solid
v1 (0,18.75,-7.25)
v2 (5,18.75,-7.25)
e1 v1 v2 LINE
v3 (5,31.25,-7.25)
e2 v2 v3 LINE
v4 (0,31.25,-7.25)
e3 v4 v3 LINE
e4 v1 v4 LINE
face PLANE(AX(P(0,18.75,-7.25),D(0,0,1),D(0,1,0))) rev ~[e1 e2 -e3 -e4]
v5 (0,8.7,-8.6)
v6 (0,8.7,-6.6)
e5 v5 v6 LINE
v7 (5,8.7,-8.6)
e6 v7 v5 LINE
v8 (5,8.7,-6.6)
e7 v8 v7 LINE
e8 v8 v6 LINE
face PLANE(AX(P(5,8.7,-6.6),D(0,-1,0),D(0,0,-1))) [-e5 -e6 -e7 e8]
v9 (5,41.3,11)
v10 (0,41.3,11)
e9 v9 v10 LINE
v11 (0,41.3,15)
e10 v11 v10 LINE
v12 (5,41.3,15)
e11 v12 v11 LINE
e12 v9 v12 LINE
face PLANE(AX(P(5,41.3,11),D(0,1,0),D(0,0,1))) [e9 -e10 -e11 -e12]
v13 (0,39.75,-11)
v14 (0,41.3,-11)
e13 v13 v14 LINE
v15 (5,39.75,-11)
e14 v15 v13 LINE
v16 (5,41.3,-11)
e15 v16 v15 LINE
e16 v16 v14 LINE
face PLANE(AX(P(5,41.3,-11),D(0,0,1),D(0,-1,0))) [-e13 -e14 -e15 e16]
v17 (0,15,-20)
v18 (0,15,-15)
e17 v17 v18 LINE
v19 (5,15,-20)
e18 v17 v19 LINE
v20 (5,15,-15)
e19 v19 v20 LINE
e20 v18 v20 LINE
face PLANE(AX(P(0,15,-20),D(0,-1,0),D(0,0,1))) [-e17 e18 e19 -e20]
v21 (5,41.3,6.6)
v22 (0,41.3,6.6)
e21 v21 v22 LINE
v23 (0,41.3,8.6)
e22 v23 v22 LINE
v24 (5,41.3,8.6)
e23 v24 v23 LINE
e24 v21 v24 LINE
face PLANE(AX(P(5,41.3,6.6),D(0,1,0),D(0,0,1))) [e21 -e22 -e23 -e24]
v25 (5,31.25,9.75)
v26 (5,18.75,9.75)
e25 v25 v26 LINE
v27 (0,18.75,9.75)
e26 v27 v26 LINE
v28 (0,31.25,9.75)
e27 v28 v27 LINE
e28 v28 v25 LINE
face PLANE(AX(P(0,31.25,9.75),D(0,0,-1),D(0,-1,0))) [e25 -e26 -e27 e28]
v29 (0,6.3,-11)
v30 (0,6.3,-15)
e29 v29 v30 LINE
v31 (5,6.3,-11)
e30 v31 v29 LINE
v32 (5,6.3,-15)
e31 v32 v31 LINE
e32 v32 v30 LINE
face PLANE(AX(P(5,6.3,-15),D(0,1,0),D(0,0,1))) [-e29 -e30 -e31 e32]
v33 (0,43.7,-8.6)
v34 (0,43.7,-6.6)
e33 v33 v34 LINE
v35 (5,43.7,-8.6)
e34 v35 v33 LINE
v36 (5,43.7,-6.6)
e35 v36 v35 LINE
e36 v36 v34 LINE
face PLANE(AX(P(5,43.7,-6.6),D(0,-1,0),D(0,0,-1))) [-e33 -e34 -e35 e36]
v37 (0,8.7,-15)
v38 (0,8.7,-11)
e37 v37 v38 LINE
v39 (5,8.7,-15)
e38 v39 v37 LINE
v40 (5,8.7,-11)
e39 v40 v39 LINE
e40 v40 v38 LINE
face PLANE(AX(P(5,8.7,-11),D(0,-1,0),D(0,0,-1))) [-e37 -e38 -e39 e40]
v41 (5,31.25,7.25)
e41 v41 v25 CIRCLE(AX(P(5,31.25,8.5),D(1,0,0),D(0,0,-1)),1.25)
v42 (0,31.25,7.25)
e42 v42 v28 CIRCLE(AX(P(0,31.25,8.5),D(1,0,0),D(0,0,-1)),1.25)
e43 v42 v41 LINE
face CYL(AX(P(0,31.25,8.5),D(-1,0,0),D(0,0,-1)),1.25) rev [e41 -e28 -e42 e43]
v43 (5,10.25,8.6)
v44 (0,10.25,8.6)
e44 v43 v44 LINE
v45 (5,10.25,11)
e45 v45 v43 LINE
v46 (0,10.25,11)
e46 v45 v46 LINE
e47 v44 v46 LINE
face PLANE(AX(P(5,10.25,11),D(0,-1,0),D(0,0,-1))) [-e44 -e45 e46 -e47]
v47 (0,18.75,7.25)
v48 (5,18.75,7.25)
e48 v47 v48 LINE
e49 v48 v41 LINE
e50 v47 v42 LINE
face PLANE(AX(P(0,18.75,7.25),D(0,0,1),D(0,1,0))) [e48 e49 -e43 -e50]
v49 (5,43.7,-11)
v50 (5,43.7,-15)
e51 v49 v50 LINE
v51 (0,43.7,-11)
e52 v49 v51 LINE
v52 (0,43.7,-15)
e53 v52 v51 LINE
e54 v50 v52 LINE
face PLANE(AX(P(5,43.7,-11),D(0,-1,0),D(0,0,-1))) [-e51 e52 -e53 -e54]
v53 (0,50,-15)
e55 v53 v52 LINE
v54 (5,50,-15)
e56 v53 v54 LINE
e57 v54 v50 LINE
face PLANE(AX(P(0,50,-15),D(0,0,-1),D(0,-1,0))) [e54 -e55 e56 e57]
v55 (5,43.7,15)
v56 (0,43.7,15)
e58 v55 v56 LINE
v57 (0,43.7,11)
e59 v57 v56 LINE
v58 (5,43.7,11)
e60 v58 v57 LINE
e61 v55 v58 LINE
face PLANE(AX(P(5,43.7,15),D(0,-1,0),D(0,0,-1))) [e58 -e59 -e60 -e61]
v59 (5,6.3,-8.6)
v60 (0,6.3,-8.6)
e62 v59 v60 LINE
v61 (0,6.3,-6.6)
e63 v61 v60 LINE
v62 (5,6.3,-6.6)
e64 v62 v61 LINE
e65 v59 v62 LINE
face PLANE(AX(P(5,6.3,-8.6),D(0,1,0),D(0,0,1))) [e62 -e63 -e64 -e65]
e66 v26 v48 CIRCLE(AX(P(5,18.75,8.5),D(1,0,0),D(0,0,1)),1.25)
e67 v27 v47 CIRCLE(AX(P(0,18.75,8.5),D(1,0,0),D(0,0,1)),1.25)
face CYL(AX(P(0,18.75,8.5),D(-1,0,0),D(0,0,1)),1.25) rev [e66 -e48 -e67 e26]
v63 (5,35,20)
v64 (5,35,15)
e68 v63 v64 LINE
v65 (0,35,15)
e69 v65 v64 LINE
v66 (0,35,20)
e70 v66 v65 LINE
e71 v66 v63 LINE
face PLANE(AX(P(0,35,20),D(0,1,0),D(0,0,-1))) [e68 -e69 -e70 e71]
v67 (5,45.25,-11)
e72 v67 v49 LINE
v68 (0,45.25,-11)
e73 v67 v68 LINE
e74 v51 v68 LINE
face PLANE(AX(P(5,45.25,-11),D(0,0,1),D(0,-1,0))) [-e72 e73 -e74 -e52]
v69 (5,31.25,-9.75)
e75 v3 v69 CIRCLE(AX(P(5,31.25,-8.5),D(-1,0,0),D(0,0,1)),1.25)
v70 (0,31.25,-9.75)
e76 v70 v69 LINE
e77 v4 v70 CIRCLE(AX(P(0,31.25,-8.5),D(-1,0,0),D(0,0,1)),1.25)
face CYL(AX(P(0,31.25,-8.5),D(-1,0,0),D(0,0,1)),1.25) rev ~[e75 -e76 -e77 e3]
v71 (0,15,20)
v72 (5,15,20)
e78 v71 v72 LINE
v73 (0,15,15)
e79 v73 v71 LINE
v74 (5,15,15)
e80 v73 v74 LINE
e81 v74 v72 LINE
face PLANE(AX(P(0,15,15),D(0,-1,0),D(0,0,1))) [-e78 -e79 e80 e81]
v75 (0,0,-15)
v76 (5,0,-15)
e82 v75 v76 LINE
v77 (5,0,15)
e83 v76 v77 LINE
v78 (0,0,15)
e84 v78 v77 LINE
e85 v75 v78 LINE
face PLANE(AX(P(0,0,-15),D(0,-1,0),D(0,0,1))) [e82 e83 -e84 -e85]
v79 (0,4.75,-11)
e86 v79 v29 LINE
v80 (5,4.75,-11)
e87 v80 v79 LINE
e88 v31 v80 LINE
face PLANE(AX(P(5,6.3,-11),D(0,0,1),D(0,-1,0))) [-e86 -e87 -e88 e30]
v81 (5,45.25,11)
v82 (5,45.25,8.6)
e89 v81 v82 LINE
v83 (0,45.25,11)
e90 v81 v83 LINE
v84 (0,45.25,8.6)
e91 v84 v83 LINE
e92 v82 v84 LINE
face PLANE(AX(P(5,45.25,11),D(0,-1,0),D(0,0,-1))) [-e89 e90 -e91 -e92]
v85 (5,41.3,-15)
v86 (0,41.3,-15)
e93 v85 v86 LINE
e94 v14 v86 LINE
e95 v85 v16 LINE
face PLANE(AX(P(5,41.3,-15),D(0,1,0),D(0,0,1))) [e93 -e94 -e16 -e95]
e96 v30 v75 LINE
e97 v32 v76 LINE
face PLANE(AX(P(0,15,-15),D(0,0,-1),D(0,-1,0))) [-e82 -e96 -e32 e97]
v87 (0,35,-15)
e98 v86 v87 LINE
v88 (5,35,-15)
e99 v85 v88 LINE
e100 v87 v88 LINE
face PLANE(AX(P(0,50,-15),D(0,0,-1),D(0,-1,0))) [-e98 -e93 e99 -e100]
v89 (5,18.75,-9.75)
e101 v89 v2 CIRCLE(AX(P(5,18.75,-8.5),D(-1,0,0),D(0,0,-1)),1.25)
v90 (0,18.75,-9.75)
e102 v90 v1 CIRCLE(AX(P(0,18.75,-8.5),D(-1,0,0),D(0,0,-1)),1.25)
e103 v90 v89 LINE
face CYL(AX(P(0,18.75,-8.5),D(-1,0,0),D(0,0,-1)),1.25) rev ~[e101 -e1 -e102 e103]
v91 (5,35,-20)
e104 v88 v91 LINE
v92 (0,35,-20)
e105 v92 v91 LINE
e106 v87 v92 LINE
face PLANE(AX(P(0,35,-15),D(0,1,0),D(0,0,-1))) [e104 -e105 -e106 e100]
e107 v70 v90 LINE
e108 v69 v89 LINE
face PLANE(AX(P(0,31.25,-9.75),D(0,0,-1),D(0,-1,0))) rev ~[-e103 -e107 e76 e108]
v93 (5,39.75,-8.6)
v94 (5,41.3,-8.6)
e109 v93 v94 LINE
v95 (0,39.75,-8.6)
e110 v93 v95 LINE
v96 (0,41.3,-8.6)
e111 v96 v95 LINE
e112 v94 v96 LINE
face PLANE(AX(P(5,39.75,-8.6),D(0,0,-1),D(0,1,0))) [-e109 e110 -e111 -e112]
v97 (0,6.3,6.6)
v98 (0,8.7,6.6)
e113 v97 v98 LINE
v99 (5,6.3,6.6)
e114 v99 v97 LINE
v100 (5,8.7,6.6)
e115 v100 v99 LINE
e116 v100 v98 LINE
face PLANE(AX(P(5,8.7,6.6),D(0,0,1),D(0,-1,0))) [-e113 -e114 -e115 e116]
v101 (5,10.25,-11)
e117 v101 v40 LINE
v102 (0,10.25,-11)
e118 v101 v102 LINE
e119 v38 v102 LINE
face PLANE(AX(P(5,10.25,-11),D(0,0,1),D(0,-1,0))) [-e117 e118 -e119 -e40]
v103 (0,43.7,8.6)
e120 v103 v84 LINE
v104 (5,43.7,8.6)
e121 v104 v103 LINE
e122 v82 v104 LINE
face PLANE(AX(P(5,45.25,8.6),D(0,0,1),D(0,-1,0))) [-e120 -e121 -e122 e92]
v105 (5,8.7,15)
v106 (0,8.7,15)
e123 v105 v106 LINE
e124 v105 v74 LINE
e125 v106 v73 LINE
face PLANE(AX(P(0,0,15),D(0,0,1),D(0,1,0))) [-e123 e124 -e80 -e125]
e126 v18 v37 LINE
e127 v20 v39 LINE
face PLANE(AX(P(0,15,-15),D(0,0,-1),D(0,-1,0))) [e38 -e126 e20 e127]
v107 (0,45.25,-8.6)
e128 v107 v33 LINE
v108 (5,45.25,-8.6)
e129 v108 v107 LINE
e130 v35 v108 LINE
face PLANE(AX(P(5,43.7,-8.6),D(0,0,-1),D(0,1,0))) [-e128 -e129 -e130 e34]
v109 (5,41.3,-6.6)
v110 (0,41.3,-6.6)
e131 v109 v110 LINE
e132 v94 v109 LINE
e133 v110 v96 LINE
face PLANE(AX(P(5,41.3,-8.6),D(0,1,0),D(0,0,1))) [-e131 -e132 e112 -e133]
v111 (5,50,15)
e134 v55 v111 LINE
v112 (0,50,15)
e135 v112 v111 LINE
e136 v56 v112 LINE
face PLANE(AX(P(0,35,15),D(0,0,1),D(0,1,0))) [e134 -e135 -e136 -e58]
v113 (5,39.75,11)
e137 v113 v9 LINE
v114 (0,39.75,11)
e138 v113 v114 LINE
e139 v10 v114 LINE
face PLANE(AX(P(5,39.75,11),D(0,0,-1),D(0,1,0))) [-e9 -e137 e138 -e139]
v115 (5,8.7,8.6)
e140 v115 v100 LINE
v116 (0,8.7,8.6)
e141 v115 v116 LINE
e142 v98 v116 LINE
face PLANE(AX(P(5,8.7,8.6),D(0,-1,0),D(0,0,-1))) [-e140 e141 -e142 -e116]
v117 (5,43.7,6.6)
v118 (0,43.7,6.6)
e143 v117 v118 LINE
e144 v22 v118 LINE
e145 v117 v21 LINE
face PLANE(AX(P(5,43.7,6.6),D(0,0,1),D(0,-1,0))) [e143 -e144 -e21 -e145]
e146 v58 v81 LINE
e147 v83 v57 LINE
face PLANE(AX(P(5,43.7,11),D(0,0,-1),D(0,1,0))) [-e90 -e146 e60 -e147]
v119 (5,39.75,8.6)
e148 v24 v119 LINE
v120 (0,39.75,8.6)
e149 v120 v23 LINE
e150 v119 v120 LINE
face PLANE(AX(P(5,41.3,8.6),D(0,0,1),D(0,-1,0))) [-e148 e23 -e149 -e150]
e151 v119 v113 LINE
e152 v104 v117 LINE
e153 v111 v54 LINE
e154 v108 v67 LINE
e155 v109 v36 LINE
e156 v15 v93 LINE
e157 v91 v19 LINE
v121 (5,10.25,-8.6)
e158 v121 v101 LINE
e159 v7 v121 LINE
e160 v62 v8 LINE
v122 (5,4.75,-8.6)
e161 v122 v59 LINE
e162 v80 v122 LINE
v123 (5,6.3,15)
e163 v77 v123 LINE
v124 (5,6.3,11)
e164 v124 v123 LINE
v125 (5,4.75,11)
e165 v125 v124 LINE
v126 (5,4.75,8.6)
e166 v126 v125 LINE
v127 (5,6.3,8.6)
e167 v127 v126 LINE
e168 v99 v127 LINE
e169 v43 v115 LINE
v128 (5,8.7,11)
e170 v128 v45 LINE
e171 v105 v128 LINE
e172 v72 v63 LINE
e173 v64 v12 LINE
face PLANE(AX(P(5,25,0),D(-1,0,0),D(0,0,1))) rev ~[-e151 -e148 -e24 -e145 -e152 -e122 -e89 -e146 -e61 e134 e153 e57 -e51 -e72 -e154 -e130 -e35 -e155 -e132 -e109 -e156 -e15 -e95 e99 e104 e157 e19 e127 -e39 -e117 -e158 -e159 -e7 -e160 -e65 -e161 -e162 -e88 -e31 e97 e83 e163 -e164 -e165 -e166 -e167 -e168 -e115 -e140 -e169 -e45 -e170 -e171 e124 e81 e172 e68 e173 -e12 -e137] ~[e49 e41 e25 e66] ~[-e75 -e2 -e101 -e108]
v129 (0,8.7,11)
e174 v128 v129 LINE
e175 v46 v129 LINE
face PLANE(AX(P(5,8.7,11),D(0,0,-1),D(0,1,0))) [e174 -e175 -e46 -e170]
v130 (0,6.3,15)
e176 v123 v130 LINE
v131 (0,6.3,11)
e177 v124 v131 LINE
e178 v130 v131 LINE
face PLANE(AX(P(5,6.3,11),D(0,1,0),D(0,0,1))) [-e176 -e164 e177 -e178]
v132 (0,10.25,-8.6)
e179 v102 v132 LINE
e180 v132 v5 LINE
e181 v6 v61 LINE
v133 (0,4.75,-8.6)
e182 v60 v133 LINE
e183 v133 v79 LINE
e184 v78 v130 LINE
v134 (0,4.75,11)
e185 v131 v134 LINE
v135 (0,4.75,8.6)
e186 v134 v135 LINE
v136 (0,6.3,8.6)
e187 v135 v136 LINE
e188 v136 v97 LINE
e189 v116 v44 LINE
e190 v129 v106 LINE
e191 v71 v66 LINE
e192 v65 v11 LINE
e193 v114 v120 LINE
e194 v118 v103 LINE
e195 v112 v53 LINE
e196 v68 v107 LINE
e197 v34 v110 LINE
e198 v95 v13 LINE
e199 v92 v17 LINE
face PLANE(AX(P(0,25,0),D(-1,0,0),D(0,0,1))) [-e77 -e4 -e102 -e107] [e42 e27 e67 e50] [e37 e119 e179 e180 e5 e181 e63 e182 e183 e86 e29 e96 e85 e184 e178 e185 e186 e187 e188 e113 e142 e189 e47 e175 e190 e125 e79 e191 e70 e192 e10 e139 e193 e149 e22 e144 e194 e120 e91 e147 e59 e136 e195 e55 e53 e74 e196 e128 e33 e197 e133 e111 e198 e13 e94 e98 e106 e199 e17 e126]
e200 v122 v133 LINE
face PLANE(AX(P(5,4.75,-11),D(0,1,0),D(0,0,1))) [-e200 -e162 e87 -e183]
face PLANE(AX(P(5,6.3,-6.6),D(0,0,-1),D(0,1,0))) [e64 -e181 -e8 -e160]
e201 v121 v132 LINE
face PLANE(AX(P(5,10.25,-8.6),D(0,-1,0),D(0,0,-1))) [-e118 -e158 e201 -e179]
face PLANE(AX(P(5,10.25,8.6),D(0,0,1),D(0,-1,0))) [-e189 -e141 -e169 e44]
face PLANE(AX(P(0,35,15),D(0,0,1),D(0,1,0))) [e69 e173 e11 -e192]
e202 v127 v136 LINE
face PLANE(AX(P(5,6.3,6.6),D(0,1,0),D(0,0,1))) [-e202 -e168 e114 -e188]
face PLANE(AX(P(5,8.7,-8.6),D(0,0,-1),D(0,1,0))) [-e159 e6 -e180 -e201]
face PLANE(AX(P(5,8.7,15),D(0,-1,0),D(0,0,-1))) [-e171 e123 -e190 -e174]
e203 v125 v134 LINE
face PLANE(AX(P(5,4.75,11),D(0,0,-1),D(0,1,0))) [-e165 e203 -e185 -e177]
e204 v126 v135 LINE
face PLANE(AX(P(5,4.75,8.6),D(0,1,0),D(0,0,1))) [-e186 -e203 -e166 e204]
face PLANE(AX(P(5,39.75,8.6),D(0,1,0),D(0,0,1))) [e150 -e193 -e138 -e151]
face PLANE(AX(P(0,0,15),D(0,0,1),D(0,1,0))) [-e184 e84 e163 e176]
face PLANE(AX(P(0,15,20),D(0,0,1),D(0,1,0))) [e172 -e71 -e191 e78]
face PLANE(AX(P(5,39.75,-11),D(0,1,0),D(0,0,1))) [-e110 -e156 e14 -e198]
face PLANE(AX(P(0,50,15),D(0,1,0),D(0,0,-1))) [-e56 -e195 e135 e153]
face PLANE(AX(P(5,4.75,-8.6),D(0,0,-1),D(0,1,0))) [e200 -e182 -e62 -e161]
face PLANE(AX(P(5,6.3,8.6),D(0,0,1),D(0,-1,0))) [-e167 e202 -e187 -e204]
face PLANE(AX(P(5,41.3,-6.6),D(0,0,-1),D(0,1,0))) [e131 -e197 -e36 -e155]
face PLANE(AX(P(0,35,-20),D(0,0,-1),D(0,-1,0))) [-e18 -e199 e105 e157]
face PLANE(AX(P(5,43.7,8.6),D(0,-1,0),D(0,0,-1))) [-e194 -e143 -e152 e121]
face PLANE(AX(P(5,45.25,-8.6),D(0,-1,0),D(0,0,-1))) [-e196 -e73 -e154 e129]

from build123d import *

# Parameters (mm, degrees)
BOSS_EXTRUDE1_DEPTH = 5
CUT_EXTRUDE1_DEPTH  = 6


with BuildPart() as part:
    # Sketch1 → Boss-Extrude1 (new body)
    with BuildSketch(Plane(origin=(0, 0, 0), x_dir=(0, 0, -1), z_dir=(1, 0, 0))):
        Polygon((-15, 50), (15, 50), (15, 35), (20, 35), (20, 15), (15, 15), (15, 0), (-15, 0), (-15, 15), (-20, 15), (-20, 35), (-15, 35), align=None)
        with BuildLine():
            Line((9.75, 31.25), (9.75, 18.75))
            ThreePointArc((9.75, 18.75), (8.5, 17.5), (7.25, 18.75))
            Line((7.25, 18.75), (7.25, 31.25))
            ThreePointArc((7.25, 31.25), (8.5, 32.5), (9.75, 31.25))
        make_face(mode=Mode.SUBTRACT)
        with BuildLine():
            Line((-9.75, 31.25), (-9.75, 18.75))
            ThreePointArc((-9.75, 18.75), (-8.5, 17.5), (-7.25, 18.75))
            Line((-7.25, 18.75), (-7.25, 31.25))
            ThreePointArc((-7.25, 31.25), (-8.5, 32.5), (-9.75, 31.25))
        make_face(mode=Mode.SUBTRACT)
    extrude(amount=BOSS_EXTRUDE1_DEPTH)

    # Sketch2 → Cut-Extrude1 (cut, through all)
    with BuildSketch(Plane(origin=(5, 0, 0), x_dir=(0, 0, -1), z_dir=(1, 0, 0))):
        Polygon((-15, 43.7), (-11, 43.7), (-11, 45.25), (-8.6, 45.25), (-8.6, 43.7), (-6.6, 43.7), (-6.6, 41.3), (-8.6, 41.3), (-8.6, 39.75), (-11, 39.75), (-11, 41.3), (-15, 41.3), align=None)
        Polygon((15, 41.3), (11, 41.3), (11, 39.75), (8.6, 39.75), (8.6, 41.3), (6.6, 41.3), (6.6, 43.7), (8.6, 43.7), (8.6, 45.25), (11, 45.25), (11, 43.7), (15, 43.7), align=None)
        Polygon((-15, 8.7), (-11, 8.7), (-11, 10.25), (-8.6, 10.25), (-8.6, 8.7), (-6.6, 8.7), (-6.6, 6.3), (-8.6, 6.3), (-8.6, 4.75), (-11, 4.75), (-11, 6.3), (-15, 6.3), align=None)
        Polygon((15, 6.3), (11, 6.3), (11, 4.75), (8.6, 4.75), (8.6, 6.3), (6.6, 6.3), (6.6, 8.7), (8.6, 8.7), (8.6, 10.25), (11, 10.25), (11, 8.7), (15, 8.7), align=None)
    extrude(amount=-CUT_EXTRUDE1_DEPTH, mode=Mode.SUBTRACT)


solid = part.part
